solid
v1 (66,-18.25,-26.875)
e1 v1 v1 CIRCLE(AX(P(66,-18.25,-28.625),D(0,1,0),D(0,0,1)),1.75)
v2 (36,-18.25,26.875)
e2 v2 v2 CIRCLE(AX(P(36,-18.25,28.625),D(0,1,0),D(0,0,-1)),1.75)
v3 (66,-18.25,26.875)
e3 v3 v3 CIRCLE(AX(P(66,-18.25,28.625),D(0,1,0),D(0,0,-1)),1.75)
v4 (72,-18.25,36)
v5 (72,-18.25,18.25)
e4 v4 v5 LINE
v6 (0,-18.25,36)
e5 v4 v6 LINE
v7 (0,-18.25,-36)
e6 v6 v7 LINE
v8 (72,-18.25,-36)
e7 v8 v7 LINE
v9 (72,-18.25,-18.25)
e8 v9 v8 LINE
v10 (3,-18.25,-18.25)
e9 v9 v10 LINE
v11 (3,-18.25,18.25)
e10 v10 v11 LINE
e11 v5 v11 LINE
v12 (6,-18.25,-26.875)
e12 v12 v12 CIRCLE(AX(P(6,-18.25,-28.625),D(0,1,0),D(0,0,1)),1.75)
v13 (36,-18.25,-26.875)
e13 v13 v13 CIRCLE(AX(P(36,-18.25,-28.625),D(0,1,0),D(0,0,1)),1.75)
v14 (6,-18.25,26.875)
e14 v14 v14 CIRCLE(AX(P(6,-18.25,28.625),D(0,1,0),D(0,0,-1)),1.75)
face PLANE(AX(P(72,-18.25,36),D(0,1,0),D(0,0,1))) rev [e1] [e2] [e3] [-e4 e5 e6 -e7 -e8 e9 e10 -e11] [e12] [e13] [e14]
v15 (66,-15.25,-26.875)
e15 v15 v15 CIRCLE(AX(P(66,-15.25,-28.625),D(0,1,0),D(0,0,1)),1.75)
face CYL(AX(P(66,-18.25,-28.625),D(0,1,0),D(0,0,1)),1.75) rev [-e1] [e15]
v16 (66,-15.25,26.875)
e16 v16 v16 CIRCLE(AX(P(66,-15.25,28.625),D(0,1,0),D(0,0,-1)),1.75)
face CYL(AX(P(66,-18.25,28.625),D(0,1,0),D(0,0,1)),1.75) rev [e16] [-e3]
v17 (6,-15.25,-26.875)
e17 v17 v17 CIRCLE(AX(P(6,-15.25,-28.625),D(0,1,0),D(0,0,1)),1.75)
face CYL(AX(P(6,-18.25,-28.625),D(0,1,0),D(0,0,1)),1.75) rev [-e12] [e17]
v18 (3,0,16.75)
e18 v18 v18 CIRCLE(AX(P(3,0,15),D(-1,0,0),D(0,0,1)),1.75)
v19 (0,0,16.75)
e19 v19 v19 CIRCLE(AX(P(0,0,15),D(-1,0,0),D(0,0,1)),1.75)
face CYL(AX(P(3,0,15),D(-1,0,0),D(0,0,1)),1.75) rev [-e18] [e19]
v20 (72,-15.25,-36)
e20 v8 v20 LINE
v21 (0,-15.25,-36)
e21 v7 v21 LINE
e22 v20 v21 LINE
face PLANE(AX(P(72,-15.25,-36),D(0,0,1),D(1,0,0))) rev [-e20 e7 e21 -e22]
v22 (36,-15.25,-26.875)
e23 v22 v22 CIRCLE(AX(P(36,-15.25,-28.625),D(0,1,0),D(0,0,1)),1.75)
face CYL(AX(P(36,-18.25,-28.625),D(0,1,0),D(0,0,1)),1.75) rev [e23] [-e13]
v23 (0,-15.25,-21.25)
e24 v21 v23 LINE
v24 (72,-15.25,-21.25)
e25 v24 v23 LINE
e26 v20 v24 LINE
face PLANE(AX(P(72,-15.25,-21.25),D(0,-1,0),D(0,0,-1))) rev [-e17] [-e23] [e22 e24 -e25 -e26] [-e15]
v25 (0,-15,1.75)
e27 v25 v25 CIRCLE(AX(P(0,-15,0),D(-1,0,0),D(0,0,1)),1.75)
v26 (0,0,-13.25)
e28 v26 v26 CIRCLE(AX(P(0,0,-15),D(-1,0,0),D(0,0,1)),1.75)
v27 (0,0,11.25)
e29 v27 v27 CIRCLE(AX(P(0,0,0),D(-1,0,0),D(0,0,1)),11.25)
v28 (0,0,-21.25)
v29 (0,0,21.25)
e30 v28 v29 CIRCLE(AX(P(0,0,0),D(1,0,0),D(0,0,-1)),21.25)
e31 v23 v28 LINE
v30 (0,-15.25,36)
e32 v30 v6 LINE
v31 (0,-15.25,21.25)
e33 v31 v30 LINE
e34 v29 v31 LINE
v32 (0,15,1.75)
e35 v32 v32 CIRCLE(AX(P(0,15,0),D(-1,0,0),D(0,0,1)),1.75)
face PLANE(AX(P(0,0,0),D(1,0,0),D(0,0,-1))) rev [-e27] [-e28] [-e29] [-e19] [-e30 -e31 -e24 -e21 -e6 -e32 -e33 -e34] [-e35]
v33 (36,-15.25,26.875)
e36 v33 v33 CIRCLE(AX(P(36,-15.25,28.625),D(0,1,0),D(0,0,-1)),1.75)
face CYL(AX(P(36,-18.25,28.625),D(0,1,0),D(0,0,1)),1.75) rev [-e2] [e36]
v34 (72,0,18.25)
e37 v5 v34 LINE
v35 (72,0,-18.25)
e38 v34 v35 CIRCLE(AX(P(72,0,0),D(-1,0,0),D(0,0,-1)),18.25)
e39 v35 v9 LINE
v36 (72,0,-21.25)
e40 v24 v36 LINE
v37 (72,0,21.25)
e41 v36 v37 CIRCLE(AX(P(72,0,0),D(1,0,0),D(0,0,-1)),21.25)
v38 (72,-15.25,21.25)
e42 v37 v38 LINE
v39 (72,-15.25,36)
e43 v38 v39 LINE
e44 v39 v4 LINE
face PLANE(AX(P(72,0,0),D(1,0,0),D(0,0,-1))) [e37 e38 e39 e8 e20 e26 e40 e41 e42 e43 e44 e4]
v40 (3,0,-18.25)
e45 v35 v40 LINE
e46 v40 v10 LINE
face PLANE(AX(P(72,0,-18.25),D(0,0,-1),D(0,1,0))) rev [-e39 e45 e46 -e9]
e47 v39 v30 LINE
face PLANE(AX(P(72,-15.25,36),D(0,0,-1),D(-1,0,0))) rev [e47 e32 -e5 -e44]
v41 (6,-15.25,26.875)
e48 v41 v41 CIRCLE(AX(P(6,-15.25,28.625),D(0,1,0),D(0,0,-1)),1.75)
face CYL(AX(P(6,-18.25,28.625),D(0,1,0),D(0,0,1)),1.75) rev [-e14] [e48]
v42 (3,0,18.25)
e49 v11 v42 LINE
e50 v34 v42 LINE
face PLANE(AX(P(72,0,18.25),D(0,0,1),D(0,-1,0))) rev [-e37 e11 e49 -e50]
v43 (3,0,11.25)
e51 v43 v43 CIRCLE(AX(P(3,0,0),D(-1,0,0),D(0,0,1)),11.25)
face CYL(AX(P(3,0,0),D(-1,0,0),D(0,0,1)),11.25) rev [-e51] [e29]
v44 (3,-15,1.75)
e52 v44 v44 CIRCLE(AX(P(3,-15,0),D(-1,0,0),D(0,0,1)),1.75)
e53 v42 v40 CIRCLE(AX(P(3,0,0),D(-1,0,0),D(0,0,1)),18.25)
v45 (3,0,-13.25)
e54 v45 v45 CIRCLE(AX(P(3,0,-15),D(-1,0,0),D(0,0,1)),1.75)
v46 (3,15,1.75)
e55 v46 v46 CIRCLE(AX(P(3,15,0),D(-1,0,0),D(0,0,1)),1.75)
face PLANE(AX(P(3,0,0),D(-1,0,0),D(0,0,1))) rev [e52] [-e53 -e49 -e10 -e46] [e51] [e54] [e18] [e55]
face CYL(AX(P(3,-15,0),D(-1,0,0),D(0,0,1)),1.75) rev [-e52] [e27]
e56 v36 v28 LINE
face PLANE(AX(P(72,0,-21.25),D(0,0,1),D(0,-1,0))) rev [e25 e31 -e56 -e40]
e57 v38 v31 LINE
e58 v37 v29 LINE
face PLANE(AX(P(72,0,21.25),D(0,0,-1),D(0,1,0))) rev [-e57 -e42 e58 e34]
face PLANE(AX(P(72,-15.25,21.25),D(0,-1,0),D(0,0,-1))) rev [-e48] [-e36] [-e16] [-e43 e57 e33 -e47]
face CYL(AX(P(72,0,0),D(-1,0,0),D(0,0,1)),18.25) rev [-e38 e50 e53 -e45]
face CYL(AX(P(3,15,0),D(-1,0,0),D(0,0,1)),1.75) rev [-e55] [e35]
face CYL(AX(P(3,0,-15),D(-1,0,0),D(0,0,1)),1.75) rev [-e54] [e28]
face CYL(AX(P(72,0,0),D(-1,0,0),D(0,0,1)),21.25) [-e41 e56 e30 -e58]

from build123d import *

# Parameters (mm, degrees)
BOSS_EXTRUDE1_DEPTH = 72
SKETCH2_R           = 11.25
SKETCH2_R_2         = 1.75
BOSS_EXTRUDE2_DEPTH = 3
SKETCH3_R           = 1.75
CUT_EXTRUDE1_DEPTH  = 89.386933423


with BuildPart() as part:
    # Sketch1 → Boss-Extrude1 (new body)
    with BuildSketch(Plane(origin=(0, 0, 0), x_dir=(0, 0, -1), z_dir=(1, 0, 0))):
        with BuildLine():
            Line((18.25, 0), (18.25, -18.25))
            Line((18.25, -18.25), (36, -18.25))
            Line((36, -18.25), (36, -15.25))
            Line((36, -15.25), (21.25, -15.25))
            Line((21.25, -15.25), (21.25, 0))
            ThreePointArc((21.25, 0), (0, 21.25), (-21.25, 0))
            Line((-21.25, 0), (-21.25, -15.25))
            Line((-21.25, -15.25), (-36, -15.25))
            Line((-36, -15.25), (-36, -18.25))
            Line((-36, -18.25), (-18.25, -18.25))
            Line((-18.25, -18.25), (-18.25, 0))
            ThreePointArc((-18.25, 0), (0, 18.25), (18.25, 0))
        make_face()
    extrude(amount=BOSS_EXTRUDE1_DEPTH)

    # Sketch2 → Boss-Extrude2 (add)
    with BuildSketch(Plane.ZY):
        with BuildLine():
            Line((-18.25, -18.25), (18.25, -18.25))
            Line((18.25, -18.25), (18.25, 0))
            ThreePointArc((18.25, 0), (0, 18.25), (-18.25, 0))
            Line((-18.25, 0), (-18.25, -18.25))
        make_face()
        Circle(SKETCH2_R, mode=Mode.SUBTRACT)
        with Locations((-15, 0)):
            Circle(SKETCH2_R_2, mode=Mode.SUBTRACT)
        with Locations((0, 15)):
            Circle(SKETCH2_R_2, mode=Mode.SUBTRACT)
        with Locations((15, 0)):
            Circle(SKETCH2_R_2, mode=Mode.SUBTRACT)
        with Locations((0, -15)):
            Circle(SKETCH2_R_2, mode=Mode.SUBTRACT)
    extrude(amount=-BOSS_EXTRUDE2_DEPTH)

    # Sketch3 → Cut-Extrude1 (cut, through all)
    with BuildSketch(Plane(origin=(0, -15.25, 0), x_dir=(1, 0, 0), z_dir=(0, 1, 0))):
        with Locations(Location((36, 28.625, 0), (0, 0, 270))):
            Circle(SKETCH3_R)
        with Locations(Location((6, 28.625, 0), (0, 0, 270))):
            Circle(SKETCH3_R)
        with Locations(Location((66, 28.625, 0), (0, 0, 270))):
            Circle(SKETCH3_R)
        with Locations(Location((66, -28.625, 0), (0, 0, 90))):
            Circle(SKETCH3_R)
        with Locations(Location((36, -28.625, 0), (0, 0, 90))):
            Circle(SKETCH3_R)
        with Locations(Location((6, -28.625, 0), (0, 0, 90))):
            Circle(SKETCH3_R)
    extrude(amount=-CUT_EXTRUDE1_DEPTH, mode=Mode.SUBTRACT)


solid = part.part
